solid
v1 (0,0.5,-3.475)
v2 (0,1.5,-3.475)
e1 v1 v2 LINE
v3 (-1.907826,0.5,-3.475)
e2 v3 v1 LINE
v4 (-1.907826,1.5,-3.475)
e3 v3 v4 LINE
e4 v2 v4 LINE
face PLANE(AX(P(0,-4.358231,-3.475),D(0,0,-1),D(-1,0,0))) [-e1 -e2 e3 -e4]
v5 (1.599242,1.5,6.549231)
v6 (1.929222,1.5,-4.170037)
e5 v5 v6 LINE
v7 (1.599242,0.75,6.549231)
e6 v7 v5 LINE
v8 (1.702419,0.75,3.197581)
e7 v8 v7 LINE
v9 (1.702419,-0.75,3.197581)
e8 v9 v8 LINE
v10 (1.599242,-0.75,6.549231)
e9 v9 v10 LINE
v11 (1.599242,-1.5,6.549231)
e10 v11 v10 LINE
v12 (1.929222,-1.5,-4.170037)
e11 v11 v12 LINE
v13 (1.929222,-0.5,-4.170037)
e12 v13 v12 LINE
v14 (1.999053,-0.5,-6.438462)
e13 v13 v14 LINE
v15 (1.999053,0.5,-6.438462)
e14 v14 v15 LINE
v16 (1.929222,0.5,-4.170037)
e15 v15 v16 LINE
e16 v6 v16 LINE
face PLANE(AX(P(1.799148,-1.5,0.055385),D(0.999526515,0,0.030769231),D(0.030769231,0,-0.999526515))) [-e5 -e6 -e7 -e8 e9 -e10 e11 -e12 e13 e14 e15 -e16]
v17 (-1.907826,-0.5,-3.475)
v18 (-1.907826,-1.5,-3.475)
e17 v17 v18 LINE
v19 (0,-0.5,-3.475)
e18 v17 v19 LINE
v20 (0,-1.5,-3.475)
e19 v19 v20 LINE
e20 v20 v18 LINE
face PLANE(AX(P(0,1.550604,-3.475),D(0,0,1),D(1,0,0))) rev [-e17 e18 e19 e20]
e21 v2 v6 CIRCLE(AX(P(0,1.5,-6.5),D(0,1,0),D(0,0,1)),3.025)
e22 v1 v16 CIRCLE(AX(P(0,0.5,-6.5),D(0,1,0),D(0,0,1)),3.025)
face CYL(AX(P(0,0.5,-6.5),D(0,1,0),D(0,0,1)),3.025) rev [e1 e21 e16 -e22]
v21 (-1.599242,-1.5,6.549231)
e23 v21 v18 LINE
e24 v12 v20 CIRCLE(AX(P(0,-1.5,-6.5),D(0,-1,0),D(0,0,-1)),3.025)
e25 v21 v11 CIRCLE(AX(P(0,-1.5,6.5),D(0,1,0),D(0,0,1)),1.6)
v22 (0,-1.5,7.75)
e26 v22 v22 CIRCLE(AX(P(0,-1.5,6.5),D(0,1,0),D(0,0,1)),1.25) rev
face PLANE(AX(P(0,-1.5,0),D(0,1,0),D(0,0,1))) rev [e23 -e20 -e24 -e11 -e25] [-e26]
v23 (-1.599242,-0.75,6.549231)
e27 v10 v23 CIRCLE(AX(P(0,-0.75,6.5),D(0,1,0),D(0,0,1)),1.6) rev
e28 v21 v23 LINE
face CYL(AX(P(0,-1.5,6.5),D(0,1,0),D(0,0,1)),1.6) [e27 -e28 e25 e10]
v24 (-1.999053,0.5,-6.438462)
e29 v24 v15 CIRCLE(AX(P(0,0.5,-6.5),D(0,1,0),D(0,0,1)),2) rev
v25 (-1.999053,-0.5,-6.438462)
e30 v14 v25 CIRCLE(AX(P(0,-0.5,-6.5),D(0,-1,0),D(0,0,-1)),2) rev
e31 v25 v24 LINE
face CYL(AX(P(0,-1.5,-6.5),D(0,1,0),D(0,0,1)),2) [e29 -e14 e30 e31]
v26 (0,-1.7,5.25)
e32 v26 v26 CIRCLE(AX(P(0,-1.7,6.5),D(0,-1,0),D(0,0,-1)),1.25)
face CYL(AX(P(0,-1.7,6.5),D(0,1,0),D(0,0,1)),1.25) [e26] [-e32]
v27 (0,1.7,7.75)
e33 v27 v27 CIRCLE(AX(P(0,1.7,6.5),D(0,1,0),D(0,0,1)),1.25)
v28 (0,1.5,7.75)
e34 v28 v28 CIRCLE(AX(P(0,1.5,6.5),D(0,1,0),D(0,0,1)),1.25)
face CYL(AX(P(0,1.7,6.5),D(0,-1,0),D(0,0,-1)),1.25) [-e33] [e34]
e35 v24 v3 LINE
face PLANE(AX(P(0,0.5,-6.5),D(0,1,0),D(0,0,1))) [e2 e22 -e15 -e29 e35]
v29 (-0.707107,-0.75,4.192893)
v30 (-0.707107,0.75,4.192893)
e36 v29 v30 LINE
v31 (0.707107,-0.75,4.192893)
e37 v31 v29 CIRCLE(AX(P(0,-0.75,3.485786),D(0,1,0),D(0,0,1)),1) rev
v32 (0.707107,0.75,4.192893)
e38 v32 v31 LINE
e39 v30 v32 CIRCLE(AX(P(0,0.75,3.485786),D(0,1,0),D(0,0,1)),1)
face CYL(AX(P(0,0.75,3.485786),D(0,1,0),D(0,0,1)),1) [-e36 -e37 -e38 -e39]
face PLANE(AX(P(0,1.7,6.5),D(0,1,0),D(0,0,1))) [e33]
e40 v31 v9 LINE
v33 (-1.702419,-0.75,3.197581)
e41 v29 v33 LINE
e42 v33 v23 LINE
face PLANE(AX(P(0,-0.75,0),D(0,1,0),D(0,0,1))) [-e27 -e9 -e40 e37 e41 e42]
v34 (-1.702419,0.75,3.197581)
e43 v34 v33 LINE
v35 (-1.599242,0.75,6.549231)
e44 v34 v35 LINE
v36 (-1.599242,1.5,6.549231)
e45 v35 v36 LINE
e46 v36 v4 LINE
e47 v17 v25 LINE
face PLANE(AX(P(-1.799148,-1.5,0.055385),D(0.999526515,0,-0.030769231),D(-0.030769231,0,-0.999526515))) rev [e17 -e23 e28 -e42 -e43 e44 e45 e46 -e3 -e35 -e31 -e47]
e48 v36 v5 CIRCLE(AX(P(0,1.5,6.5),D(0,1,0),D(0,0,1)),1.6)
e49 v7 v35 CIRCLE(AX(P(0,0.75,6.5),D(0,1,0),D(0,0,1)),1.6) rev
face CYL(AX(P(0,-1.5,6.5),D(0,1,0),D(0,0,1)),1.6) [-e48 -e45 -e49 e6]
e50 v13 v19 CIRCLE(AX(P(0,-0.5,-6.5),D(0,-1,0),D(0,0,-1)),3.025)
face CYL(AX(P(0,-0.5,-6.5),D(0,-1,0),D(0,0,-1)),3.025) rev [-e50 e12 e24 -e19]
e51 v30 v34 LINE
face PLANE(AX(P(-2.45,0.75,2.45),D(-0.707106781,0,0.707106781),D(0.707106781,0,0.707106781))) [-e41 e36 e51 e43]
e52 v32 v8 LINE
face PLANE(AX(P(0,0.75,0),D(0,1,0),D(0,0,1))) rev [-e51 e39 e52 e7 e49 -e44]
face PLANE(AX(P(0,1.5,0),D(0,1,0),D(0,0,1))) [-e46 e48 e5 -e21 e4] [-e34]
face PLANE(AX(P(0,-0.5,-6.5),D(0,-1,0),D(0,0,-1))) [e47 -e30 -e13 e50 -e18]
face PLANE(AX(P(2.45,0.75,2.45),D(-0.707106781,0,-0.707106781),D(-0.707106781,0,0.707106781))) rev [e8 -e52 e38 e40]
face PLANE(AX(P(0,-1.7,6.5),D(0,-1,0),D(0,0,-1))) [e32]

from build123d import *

# Parameters (mm, degrees)
BOSS_EXTRUDE1_DEPTH      = 1.5
BOSS_EXTRUDE1_DEPTH_BACK = 1.5
SKETCH1_R                = 1.6
SKETCH1_R_2              = 2
SKETCH2_R                = 3.025
CUT_EXTRUDE1_DEPTH       = 1
CUT_EXTRUDE2_START       = -1
SKETCH3_R                = 3.025
CUT_EXTRUDE2_DEPTH       = 1
CUT_EXTRUDE3_DEPTH       = 0.75
CUT_EXTRUDE3_DEPTH_BACK  = 0.75
SKETCH4_R                = 1.6
FILLET1_R                = 1
SKETCH5_R                = 1.25
BOSS_EXTRUDE2_DEPTH      = 0.2
BOSS_EXTRUDE3_START      = 0.2
SKETCH6_R                = 1.25
BOSS_EXTRUDE3_DEPTH      = 0.2
CUT_EXTRUDE4_DEPTH       = 1
CUT_EXTRUDE5_START       = -1
CUT_EXTRUDE5_DEPTH       = 1


with BuildPart() as part:
    # Sketch1 → Boss-Extrude1 (new, two sides: drawn at the far end of the back side and taken through both)
    with BuildSketch(Plane(origin=(0, 0, 0), x_dir=(1, 0, 0), z_dir=(0, 1, 0)).offset(-BOSS_EXTRUDE1_DEPTH_BACK)):
        with Locations((0, -6.5)):
            Circle(SKETCH1_R)
        with BuildLine():
            Line((-1.99905303, 6.438461538), (-1.599242424, -6.549230769))
            ThreePointArc((-1.599242424, -6.549230769), (-0.024618299, -4.900189405), (1.6, -6.5))
            ThreePointArc((1.6, -6.5), (1.599810595, -6.524618299), (1.599242424, -6.549230769))
            Line((1.599242424, -6.549230769), (1.99905303, 6.438461538))
            ThreePointArc((1.99905303, 6.438461538), (0, 4.5), (-1.99905303, 6.438461538))
        make_face()
        with Locations((0, 6.5)):
            Circle(SKETCH1_R_2)
    extrude(amount=BOSS_EXTRUDE1_DEPTH + BOSS_EXTRUDE1_DEPTH_BACK)

    # Sketch2 → Cut-Extrude1 (cut)
    with BuildSketch(Plane(origin=(0, 1.5, 0), x_dir=(1, 0, 0), z_dir=(0, 1, 0))):
        with Locations((0, 6.5)):
            Circle(SKETCH2_R)
    extrude(amount=-CUT_EXTRUDE1_DEPTH, mode=Mode.SUBTRACT)

    # Sketch3 → Cut-Extrude2 (cut)
    with BuildSketch(Plane.XZ.offset(1.5).offset(CUT_EXTRUDE2_START)):
        with Locations((0, -6.5)):
            Circle(SKETCH3_R)
    extrude(amount=CUT_EXTRUDE2_DEPTH, mode=Mode.SUBTRACT)

    # Sketch4 → Cut-Extrude3 (cut, two sides: drawn at the far end of the back side and taken through both)
    with BuildSketch(Plane(origin=(0, 0, 0), x_dir=(1, 0, 0), z_dir=(0, 1, 0)).offset(-CUT_EXTRUDE3_DEPTH_BACK)):
        with BuildLine():
            ThreePointArc((-1.6, -6.5), (-1.13137085, -5.36862915), (0, -4.9))
            Line((0, -4.9), (-163.946907064, 159.046907064))
            Line((-163.946907064, 159.046907064), (-163.946907064, -6.5))
            Line((-163.946907064, -6.5), (-1.6, -6.5))
        make_face()
        with BuildLine():
            Line((161.955462973, 157.055462973), (0, -4.9))
            ThreePointArc((0, -4.9), (1.13137085, -5.36862915), (1.6, -6.5))
            Line((1.6, -6.5), (161.955462973, -6.5))
            Line((161.955462973, -6.5), (161.955462973, 157.055462973))
        make_face()
        with BuildLine():
            Line((1.6, -6.5), (0, -6.5))
            Line((0, -6.5), (-1.6, -6.5))
            ThreePointArc((-1.6, -6.5), (0, -8.1), (1.6, -6.5))
        make_face()
        with BuildLine():
            Line((0, -4.9), (0, -6.5))
            Line((0, -6.5), (1.6, -6.5))
            ThreePointArc((1.6, -6.5), (1.13137085, -5.36862915), (0, -4.9))
        make_face()
        with BuildLine():
            Line((-1.6, -6.5), (0, -6.5))
            Line((0, -6.5), (0, -4.9))
            ThreePointArc((0, -4.9), (-1.13137085, -5.36862915), (-1.6, -6.5))
        make_face()
        with Locations((0, -6.5)):
            Circle(SKETCH4_R)
        Polygon((0, -6.5), (-163.946907064, -6.5), (0, -276.849985612), (161.955462973, -6.5), align=None)
    extrude(amount=CUT_EXTRUDE3_DEPTH + CUT_EXTRUDE3_DEPTH_BACK, mode=Mode.SUBTRACT)

    # Fillet1
    fillet1_edges = [part.edges().sort_by_distance(p)[0] for p in [
        (0, 0, 4.9),
    ]]
    fillet(fillet1_edges, radius=FILLET1_R)

    # Sketch5 → Boss-Extrude2 (add)
    with BuildSketch(Plane(origin=(0, 1.5, 0), x_dir=(1, 0, 0), z_dir=(0, 1, 0))):
        with Locations(Location((0, -6.5, 0), (0, 0, 270))):
            Circle(SKETCH5_R)
    extrude(amount=BOSS_EXTRUDE2_DEPTH)

    # Sketch6 → Boss-Extrude3 (add)
    with BuildSketch(Plane.XZ.offset(1.5).offset(BOSS_EXTRUDE3_START)):
        with Locations(Location((0, 6.5, 0), (0, 0, 90))):
            Circle(SKETCH6_R)
    extrude(amount=-BOSS_EXTRUDE3_DEPTH)

    # Sketch7 → Cut-Extrude4 (cut)
    with BuildSketch(Plane(origin=(0, 1.5, 0), x_dir=(1, 0, 0), z_dir=(0, 1, 0))):
        with BuildLine():
            Line((-1.907826404, 3.475), (0, 3.475))
            ThreePointArc((0, 3.475), (-1.025301843, 3.654058832), (-1.929222297, 4.170037268))
            Line((-1.929222297, 4.170037268), (-1.907826404, 3.475))
        make_face()
    extrude(amount=-CUT_EXTRUDE4_DEPTH, mode=Mode.SUBTRACT)

    # Sketch8 → Cut-Extrude5 (cut)
    with BuildSketch(Plane.XZ.offset(1.5).offset(CUT_EXTRUDE5_START)):
        with BuildLine():
            ThreePointArc((-1.929222297, -4.170037268), (-1.025301843, -3.654058832), (0, -3.475))
            Line((0, -3.475), (-1.907826404, -3.475))
            Line((-1.907826404, -3.475), (-1.929222297, -4.170037268))
        make_face()
    extrude(amount=CUT_EXTRUDE5_DEPTH, mode=Mode.SUBTRACT)


solid = part.part
